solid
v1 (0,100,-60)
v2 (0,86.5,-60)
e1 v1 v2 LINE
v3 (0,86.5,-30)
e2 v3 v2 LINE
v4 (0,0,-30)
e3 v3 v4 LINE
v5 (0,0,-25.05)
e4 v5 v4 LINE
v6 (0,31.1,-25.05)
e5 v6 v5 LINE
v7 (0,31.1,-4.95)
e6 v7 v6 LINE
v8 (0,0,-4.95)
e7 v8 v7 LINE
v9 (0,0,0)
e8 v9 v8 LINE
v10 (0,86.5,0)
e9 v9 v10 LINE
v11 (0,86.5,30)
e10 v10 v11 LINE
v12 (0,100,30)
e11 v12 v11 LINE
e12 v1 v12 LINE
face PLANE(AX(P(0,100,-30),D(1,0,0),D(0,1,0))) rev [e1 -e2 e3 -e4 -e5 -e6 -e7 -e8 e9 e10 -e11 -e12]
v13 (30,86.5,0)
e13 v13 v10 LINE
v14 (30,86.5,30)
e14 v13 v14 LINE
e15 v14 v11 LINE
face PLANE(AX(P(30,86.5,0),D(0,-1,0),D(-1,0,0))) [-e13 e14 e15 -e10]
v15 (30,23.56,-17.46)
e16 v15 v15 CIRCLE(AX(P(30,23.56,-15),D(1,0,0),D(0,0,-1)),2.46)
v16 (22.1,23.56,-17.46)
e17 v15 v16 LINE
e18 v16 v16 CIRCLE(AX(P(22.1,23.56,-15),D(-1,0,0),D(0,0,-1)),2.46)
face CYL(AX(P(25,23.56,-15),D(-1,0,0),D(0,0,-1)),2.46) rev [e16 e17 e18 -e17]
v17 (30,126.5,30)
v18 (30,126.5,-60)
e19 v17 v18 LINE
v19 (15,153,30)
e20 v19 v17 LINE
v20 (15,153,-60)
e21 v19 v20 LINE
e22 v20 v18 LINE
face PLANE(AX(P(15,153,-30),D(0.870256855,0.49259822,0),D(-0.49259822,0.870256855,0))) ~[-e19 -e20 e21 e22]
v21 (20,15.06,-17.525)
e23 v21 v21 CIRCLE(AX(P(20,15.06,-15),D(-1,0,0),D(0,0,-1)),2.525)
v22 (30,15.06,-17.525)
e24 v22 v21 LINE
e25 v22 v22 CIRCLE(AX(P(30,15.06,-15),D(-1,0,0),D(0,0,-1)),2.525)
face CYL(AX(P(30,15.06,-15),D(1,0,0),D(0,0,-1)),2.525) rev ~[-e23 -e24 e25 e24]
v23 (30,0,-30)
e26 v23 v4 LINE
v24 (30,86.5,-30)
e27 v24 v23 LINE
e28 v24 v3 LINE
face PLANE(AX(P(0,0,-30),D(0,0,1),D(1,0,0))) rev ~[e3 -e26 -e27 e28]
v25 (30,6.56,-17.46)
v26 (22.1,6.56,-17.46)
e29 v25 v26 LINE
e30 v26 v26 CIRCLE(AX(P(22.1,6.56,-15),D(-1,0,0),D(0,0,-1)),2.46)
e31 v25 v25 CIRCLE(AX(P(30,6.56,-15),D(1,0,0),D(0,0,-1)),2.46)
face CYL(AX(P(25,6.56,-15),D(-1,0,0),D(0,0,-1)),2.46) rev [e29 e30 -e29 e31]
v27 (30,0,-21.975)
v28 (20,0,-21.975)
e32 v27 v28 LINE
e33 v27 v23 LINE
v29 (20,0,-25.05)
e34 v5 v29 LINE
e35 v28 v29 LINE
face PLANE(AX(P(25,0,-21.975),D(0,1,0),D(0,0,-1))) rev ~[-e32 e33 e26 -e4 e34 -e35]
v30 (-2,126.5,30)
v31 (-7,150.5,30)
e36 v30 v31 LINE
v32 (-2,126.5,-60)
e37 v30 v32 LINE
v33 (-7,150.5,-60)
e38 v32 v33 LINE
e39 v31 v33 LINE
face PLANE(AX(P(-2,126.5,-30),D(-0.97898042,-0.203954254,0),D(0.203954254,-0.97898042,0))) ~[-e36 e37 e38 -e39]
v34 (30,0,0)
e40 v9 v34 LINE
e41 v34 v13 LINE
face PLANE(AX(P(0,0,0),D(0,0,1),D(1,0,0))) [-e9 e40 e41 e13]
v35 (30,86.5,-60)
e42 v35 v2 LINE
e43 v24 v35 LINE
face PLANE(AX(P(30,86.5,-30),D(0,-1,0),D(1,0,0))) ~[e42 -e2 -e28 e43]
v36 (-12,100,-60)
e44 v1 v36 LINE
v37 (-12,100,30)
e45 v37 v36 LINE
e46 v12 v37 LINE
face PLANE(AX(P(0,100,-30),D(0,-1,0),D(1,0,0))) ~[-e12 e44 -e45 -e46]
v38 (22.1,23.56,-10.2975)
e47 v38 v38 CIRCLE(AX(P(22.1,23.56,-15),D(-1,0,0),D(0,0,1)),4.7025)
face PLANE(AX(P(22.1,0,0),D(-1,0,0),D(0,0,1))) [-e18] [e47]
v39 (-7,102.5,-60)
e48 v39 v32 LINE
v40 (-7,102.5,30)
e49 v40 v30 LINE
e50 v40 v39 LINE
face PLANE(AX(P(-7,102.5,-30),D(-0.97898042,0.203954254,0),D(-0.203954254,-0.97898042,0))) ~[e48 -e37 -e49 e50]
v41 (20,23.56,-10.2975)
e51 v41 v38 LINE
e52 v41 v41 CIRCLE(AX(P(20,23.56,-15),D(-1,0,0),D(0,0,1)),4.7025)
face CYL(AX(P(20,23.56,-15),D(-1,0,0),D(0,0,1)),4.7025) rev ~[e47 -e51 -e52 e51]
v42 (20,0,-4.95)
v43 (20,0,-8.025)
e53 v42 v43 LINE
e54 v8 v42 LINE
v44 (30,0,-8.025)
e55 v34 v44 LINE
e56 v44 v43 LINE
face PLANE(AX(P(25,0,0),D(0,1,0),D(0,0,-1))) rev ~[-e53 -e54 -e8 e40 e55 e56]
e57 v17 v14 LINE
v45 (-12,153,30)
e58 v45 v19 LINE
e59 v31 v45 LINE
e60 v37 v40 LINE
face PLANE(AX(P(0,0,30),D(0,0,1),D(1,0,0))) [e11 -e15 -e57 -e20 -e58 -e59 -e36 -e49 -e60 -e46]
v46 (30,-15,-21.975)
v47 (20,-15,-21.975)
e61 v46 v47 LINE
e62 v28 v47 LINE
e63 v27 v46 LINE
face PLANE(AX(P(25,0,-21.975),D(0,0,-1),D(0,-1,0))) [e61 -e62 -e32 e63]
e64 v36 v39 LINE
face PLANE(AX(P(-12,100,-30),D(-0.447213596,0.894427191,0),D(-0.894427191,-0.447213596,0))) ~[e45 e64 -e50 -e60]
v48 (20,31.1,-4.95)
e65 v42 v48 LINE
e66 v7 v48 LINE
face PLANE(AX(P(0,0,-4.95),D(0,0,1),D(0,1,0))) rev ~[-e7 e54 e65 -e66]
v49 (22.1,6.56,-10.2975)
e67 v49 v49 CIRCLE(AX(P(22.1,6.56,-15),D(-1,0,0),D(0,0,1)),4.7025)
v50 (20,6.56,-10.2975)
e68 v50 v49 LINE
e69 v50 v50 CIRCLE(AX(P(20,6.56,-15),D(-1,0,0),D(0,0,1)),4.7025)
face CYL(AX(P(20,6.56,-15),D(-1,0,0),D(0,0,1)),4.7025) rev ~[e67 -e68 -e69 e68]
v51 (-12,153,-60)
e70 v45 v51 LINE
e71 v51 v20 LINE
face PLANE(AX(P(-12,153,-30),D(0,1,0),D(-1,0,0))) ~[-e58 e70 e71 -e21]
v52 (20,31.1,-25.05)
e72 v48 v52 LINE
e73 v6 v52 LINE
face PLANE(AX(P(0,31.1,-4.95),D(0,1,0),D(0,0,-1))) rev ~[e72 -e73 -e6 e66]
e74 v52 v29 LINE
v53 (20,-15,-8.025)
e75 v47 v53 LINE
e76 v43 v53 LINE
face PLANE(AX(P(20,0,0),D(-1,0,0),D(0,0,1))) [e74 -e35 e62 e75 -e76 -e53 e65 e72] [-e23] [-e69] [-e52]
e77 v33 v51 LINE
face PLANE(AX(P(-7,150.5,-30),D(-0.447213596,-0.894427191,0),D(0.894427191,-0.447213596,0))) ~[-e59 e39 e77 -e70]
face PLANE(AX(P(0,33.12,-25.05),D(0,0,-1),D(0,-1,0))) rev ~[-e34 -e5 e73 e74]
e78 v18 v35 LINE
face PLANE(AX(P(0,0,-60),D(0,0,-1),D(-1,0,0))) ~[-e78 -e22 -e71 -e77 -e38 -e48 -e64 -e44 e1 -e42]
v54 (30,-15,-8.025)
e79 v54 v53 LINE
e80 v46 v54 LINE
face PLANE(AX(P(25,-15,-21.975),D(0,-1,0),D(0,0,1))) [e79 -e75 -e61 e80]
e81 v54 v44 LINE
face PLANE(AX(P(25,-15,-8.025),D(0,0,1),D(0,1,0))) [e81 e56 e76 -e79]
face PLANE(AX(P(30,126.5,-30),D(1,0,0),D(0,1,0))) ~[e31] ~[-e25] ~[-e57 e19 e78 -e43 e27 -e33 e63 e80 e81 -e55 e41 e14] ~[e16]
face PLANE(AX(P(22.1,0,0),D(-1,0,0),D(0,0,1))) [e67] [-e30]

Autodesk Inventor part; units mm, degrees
ref_plane "YZ Plane" through (0, 0, 0) normal (1, 0, 0) x (0, 1, 0)
ref_plane "XZ Plane" through (0, 0, 0) normal (0, 1, 0) x (-1, 0, 0)
sketch "Sketch1" plane through (0, 0, 0) normal (0, 0, 1) x (1, 0, 0)
  line L0 (0, 0) -> (25, 0)
  line L1 (25, 0) -> (25, 40)
  line L2 (25, 40) -> (0, 40)
  line L3 (0, 40) -> (0, 0)
  dimension "d1" = 25
  dimension "d2" = 40
  dimension "d3" = 25
extrude "Extrusion1" add sketch "Sketch1" against normal blind 30
sketch "Sketch2" plane through (25, 0, 0) normal (1, 0, 0) x (0, 0, -1)
  line L0 (0, 0) -> (30, 0) projected
  circle A0 centre (15, 6.56) radius 2.46
extrude "Extrusion2" cut sketch "Sketch2" against normal blind 30
sketch "Sketch3" plane through (0, 0, 0) normal (-1, 0, 0) x (0, 0, 1)
  line L0 (0, 0) -> (-30, 0) projected
  line L1 (-25.05, 0) -> (-4.95, 0)
  line L2 (-4.95, 0) -> (-4.95, 33.12)
  line L3 (-4.95, 33.12) -> (-25.05, 33.12)
  line L4 (-25.05, 33.12) -> (-25.05, 0)
  dimension "d11" = 20.1
extrude "Extrusion3" cut sketch "Sketch3" against normal blind 20
sketch "Sketch4" plane through (0, 0, 0) normal (0, -1, 0) x (1, 0, 0)
  line L0 (20, -4.95) -> (20, -25.05) projected
  line L1 (20, -15) -> (25, -15)
  line L2 (25, 0) -> (25, -30) projected
  line L3 (20, -8.025) -> (25, -8.025)
  line L4 (25, -8.025) -> (25, -21.975)
  line L5 (25, -21.975) -> (20, -21.975)
  line L6 (20, -21.975) -> (20, -8.025)
  line L7 (20, -8.025) -> (25, -21.975) construction
  line L8 (25, -8.025) -> (20, -21.975) construction
  line L9 (25, -12.54) -> (25, -17.46) projected
  point P0 (0, 0)
  point P1 (22.5, -15)
  dimension "d14" = 13.95
extrude "Extrusion4" add sketch "Sketch4" along normal blind 15
sketch "Sketch5" plane through (20, 0, 0) normal (-1, 0, 0) x (0, 0, 1)
  circle A0 centre (-15, 6.56) radius 2.46 projected
  circle A1 centre (-15, 6.56) radius 4.7025
  circle A2 centre (-15, 6.56) radius 2.46 projected
  circle A3 centre (-15, 6.56) radius 2.46
  point P0 (0, 0)
  dimension "d17" = 9.405
extrude "Extrusion5" cut sketch "Sketch5" against normal blind 2.1
sketch "Sketch6" plane through (25, 0, 0) normal (1, 0, 0) x (0, 0, -1)
  circle A0 centre (15, 6.56) radius 4.7025 projected
  line L0 (15, 6.56) -> (15, 23.56)
  circle A1 centre (15, 23.56) radius 2.46
  point P0 (0, 0)
  dimension "d20" = 17
  dimension "d21" = 4.92
extrude "Extrusion6" cut sketch "Sketch6" against normal blind 10 contours A1
sketch "Sketch7" plane through (20, 0, 0) normal (-1, 0, 0) x (0, 0, 1)
  circle A0 centre (-15, 23.56) radius 2.46 projected
  circle A1 centre (-15, 23.56) radius 4.7025
  point P0 (0, 0)
  dimension "d24" = 9.405
extrude "Extrusion7" cut sketch "Sketch7" against normal blind 2.1
sketch "Sketch9" plane through (25, 0, 0) normal (1, 0, 0) x (0, 0, -1)
  circle A0 centre (15, 6.56) radius 2.46 projected
  circle A1 centre (15, 6.56) radius 2.46
  circle A2 centre (15, 23.56) radius 2.46 projected
  circle A3 centre (15, 23.56) radius 2.46
  line L0 (30, 40) -> (30, 0) projected
  line L1 (30, 0) -> (30, 40)
  line L2 (30, 40) -> (0, 40)
  line L3 (0, 40) -> (0, 0)
  line L4 (0, 0) -> (8.025, 0) projected
  line L5 (21.975, 0) -> (21.975, -15)
  line L6 (21.975, -15) -> (8.025, -15)
  line L7 (8.025, -15) -> (8.025, 0)
  line L8 (0, 0) -> (8.025, 0)
  line L9 (21.975, 0) -> (30, 0)
extrude "Extrusion8" add sketch "Sketch9" along normal blind 5
sketch "Sketch10" plane through (0, 40, 0) normal (0, 1, 0) x (1, 0, 0)
  line L0 (0, 30) -> (30, 30) projected
  line L1 (30, 0) -> (0, 0) projected
  line L2 (0, 30) -> (30, 30)
  line L3 (30, 30) -> (30, 0)
  line L4 (30, 0) -> (0, 0)
  line L5 (0, 0) -> (0, 30)
extrude "Extrusion9" add sketch "Sketch10" along normal blind 30
sketch "Sketch12" plane through (30, 0, 0) normal (1, 0, 0) x (0, 0, -1)
  circle A0 centre (15, 6.56) radius 2.46 projected
  line L0 (15, 6.56) -> (15, 15.06)
  circle A1 centre (15, 15.06) radius 2.525
  point P0 (0, 0)
  dimension "d31" = 8.5
  dimension "d33" = 5.05
extrude "Extrusion10" cut sketch "Sketch12" against normal blind 30 contours A1
sketch "Sketch14" plane through (0, 0, 0) normal (0, 0, 1) x (1, 0, 0)
  line L0 (30, 70) -> (0, 70) projected
  line L1 (0, 70) -> (0, 85)
  line L2 (30, 0) -> (30, 70) projected
  line L3 (30, 122.5) -> (30, 70)
  line L4 (30, 105) -> (30, 100)
  line L5 (-12, 153) -> (15, 153)
  line L6 (-7, 150.5) -> (-12, 153)
  line L7 (-7, 102.5) -> (-12, 100)
  line L8 (-7, 102.5) -> (-2, 126.5)
  line L9 (-2, 126.5) -> (-7, 150.5)
  line L10 (30, 126.5) -> (15, 153)
  line L11 (30, 122.5) -> (30, 126.5)
  line L12 (0, 85) -> (0, 100)
  line L13 (0, 100) -> (-12, 100)
  point P0 (0, 0)
  dimension "d90" = 12
extrude "Extrusion12" add sketch "Sketch14" against normal blind 30
sketch "Sketch15" plane through (0, 0, -25.05) normal (-1, 0, 0) x (0, 0, 1)
  line L0 (0, 33.12) -> (20.1, 33.12) projected
  line L1 (20.1, 33.12) -> (20.1, 0) projected
  line L2 (0, 33.12) -> (20.1, 33.12)
  line L3 (20.1, 33.12) -> (20.1, 31.1)
  line L4 (20.1, 31.1) -> (0, 31.1)
  line L5 (0, 31.1) -> (0, 33.12)
  point P0 (25.05, 0)
  dimension "d57" = 2.02
extrude "Extrusion13" add sketch "Sketch15" against normal blind 20
sketch "Sketch25" plane through (0, 0, 0) normal (0, 0, 1) x (1, 0, 0)
  line L0 (0, 100) -> (-12, 100) projected
  line L1 (0, 100) -> (-12, 100)
  line L2 (-12, 100) -> (-7, 102.5) projected
  line L3 (-12, 100) -> (-7, 102.5)
  line L4 (-7, 102.5) -> (-2, 126.5) projected
  line L5 (-7, 102.5) -> (-2, 126.5)
  line L6 (-2, 126.5) -> (-7, 150.5) projected
  line L7 (-2, 126.5) -> (-7, 150.5)
  line L8 (-7, 150.5) -> (-12, 153) projected
  line L9 (-7, 150.5) -> (-12, 153)
  line L10 (-12, 153) -> (15, 153) projected
  line L11 (-12, 153) -> (15, 153)
  line L12 (15, 153) -> (30, 126.5) projected
  line L13 (15, 153) -> (30, 126.5)
  line L14 (30, 126.5) -> (30, 86.5)
  line L15 (30, 0) -> (30, 126.5) projected
  line L16 (30, 86.5) -> (0, 86.5)
  line L17 (0, 100) -> (0, 0) projected
  line L18 (0, 86.5) -> (0, 100)
  dimension "d91" = 40
  dimension "d92" = 30
extrude "Extrusion14" add sketch "Sketch25" along normal blind 30
ref_plane "Work Plane1" through (0, 0, -15) normal (0, 0, 1) x (1, 0, 0)
mirror "Mirror1" about plane through (0, 0, -15) normal (0, 0, 1) of "Extrusion14"
properties part number "rec_b_48mm_x_90mm"
